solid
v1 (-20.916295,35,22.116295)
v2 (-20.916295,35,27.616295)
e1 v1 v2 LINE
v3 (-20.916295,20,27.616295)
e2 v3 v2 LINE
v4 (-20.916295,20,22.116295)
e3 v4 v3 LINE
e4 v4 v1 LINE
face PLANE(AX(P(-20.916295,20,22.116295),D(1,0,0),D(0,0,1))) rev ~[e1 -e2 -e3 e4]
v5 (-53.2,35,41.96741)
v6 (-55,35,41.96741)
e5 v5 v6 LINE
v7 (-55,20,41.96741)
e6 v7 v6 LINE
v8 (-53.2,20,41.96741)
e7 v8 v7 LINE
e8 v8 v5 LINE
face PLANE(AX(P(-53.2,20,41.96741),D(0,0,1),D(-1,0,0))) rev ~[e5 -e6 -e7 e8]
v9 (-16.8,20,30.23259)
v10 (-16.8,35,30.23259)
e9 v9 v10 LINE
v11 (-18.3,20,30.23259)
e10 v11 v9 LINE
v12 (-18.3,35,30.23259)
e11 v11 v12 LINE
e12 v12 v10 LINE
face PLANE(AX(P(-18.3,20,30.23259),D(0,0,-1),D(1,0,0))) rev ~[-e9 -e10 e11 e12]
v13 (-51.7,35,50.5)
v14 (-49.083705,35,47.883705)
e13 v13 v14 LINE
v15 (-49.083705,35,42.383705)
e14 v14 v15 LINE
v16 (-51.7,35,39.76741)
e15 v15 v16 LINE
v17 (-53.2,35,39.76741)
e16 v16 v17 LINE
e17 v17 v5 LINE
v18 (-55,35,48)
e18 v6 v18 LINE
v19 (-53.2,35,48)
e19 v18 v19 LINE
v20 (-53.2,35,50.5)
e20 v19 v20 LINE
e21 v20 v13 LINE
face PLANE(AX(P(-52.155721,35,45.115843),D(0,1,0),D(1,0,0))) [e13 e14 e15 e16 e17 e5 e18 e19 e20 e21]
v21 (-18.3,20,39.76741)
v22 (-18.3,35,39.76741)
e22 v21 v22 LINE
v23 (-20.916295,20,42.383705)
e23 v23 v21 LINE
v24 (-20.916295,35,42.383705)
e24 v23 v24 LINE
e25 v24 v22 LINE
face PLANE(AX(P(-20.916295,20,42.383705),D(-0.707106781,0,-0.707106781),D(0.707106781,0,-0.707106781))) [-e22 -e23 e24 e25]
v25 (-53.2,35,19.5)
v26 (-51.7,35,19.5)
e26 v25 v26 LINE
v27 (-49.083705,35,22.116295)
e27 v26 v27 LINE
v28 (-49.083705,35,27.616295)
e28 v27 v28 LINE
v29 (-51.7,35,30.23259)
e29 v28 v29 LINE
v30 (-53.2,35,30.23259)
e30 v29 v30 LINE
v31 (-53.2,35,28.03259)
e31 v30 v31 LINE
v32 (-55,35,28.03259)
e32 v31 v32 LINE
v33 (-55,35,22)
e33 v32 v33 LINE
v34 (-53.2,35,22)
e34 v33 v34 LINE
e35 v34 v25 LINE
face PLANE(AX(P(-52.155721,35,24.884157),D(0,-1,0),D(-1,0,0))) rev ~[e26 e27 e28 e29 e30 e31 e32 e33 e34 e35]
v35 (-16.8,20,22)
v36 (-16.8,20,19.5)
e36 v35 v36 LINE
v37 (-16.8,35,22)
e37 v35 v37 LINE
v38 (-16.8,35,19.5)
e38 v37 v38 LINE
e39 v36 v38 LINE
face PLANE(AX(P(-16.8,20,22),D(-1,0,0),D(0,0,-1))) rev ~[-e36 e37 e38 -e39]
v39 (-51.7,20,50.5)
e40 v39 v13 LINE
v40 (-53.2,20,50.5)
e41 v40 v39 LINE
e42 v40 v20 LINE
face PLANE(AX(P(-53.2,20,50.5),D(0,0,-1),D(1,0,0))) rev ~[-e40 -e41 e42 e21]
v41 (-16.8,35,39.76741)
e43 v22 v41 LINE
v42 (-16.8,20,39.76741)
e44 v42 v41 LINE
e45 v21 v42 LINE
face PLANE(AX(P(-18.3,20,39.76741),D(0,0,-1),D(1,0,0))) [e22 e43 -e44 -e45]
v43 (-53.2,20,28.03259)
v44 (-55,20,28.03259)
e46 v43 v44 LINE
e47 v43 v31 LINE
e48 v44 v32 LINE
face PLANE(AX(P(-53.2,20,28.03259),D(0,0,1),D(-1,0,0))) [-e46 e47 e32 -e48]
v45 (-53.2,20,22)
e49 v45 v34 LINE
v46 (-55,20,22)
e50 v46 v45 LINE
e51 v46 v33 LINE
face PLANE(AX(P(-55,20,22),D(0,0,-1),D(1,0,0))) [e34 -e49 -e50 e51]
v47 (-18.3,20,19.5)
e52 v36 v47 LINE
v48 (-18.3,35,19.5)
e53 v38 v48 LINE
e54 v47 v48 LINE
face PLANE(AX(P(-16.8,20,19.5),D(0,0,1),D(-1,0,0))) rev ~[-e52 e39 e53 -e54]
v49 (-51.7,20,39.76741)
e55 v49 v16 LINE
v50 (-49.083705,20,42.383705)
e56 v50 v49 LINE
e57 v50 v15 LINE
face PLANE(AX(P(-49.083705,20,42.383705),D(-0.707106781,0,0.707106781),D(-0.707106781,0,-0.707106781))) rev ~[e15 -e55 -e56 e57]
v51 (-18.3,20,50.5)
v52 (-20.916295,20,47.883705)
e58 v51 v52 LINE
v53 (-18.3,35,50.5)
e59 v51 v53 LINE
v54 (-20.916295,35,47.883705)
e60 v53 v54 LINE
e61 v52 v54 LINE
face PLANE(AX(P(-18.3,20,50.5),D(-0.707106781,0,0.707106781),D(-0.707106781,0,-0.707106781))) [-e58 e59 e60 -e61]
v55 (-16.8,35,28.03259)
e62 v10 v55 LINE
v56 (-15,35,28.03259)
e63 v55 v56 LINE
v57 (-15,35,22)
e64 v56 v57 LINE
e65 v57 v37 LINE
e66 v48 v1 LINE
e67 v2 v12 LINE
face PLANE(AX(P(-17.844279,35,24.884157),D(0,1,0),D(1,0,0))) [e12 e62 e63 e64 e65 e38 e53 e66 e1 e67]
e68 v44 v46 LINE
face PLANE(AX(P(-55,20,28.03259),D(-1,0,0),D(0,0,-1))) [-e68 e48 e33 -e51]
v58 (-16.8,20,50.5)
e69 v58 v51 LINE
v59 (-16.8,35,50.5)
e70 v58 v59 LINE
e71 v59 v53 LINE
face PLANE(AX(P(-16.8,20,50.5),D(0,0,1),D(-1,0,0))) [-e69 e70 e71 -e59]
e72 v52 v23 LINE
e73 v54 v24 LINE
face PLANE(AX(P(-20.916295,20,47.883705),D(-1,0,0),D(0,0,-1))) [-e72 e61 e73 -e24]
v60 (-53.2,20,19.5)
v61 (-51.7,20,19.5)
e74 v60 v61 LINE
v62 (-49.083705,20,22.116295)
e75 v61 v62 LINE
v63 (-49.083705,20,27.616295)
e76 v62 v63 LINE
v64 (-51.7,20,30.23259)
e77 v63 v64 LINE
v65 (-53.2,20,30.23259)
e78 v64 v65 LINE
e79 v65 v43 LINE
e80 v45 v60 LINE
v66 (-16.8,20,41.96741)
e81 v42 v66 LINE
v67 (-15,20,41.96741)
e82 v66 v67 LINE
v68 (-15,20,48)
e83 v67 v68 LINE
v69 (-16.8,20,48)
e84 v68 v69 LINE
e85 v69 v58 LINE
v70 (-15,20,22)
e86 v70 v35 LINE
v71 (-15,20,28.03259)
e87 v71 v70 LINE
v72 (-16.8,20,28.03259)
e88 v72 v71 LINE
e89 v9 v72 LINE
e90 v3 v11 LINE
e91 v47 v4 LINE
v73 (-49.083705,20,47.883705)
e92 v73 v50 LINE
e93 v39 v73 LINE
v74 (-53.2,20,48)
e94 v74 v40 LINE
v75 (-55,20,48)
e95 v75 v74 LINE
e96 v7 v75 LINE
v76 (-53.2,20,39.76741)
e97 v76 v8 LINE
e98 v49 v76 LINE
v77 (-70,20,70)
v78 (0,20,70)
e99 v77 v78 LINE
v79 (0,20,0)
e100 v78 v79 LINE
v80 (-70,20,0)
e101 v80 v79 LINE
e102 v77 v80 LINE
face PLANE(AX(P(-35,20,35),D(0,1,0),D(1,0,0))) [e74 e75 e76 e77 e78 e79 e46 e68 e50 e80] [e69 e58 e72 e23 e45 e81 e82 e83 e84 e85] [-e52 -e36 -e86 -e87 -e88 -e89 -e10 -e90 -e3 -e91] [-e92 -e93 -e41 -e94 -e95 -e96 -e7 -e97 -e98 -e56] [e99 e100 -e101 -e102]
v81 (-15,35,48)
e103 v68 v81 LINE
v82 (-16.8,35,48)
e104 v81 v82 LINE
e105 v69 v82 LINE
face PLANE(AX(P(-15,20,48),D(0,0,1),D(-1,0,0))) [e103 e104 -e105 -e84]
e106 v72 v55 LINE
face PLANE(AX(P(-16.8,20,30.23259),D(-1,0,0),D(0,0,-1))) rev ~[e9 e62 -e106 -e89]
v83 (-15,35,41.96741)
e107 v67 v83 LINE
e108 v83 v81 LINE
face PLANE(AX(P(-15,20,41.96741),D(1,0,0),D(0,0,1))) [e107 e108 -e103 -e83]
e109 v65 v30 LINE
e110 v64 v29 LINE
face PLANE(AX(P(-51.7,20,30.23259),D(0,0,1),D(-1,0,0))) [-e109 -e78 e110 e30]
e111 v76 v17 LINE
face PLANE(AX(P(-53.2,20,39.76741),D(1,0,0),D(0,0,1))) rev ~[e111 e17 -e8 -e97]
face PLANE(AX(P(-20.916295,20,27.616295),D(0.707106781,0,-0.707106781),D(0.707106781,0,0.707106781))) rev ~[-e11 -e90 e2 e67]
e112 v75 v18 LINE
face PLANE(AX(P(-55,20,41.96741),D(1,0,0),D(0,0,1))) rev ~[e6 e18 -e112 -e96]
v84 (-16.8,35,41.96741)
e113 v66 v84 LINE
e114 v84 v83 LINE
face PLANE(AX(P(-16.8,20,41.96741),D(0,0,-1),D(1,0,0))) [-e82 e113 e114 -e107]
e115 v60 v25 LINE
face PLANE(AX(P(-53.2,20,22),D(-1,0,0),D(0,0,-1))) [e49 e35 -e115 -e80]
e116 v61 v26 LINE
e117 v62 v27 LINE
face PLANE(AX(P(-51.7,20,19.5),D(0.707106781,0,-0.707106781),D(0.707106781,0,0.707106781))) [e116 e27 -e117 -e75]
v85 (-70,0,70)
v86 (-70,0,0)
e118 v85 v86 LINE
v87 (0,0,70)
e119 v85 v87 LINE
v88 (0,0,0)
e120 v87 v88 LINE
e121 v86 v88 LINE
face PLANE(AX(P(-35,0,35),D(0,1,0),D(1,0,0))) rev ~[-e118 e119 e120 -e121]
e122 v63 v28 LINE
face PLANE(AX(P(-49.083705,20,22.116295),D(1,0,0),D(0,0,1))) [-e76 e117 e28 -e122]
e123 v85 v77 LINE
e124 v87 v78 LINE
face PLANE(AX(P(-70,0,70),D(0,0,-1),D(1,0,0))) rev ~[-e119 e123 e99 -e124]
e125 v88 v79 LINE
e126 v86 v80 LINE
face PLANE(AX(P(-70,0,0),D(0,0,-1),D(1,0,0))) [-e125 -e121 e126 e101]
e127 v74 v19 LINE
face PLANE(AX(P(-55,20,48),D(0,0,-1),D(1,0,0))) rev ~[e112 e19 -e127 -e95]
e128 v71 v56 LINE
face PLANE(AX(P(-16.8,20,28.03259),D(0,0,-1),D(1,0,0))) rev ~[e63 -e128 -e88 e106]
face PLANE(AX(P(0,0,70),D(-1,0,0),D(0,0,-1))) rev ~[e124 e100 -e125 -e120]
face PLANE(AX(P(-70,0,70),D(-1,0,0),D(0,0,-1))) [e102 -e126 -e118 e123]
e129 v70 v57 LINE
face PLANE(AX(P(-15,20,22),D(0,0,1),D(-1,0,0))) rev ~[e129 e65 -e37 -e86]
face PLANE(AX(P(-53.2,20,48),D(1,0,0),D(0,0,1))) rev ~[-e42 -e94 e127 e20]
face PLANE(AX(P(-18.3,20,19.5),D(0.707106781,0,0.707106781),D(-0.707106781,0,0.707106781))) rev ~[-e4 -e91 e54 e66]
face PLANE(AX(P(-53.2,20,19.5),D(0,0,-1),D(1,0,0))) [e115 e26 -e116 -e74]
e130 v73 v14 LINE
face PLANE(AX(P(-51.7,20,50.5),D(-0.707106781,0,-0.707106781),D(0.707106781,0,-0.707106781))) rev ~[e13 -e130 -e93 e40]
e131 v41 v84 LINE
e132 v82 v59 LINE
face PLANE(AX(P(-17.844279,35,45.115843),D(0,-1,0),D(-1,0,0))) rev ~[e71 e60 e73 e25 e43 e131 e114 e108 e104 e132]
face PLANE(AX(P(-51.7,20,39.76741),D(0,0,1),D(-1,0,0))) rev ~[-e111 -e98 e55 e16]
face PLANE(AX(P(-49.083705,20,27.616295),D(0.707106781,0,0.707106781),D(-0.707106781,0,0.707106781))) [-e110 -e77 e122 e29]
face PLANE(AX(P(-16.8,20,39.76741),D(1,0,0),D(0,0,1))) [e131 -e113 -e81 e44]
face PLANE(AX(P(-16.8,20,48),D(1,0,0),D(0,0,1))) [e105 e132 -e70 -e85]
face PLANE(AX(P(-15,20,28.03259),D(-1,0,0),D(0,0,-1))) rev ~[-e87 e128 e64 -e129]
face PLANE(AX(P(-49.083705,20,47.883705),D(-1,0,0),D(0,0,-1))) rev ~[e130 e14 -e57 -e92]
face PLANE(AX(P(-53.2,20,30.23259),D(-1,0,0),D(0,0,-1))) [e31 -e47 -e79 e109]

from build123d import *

# Parameters (mm, degrees)
SKETCH1_W           = 70
SKETCH1_H           = 70
BOSS_EXTRUDE1_DEPTH = 20
BOSS_EXTRUDE3_DEPTH = 15


with BuildPart() as part:
    # Sketch1 → Boss-Extrude1 (new body)
    with BuildSketch(Plane(origin=(0, 0, 0), x_dir=(1, 0, 0), z_dir=(0, 1, 0))):
        with Locations((-35, -35)):
            Rectangle(SKETCH1_W, SKETCH1_H)
    extrude(amount=BOSS_EXTRUDE1_DEPTH)

    # Sketch2 → Boss-Extrude3 (add)
    with BuildSketch(Plane(origin=(0, 20, 0), x_dir=(1, 0, 0), z_dir=(0, 1, 0))):
        Polygon((-55, -22), (-53.2, -22), (-53.2, -19.5), (-51.7, -19.5), (-49.08370491, -22.11629509), (-49.08370491, -27.61629509), (-51.7, -30.232590181), (-53.2, -30.232590181), (-53.2, -28.032590181), (-55, -28.032590181), align=None)
        Polygon((-16.8, -28.032590181), (-15, -28.032590181), (-15, -22), (-16.8, -22), (-16.8, -19.5), (-18.3, -19.5), (-20.91629509, -22.11629509), (-20.91629509, -27.61629509), (-18.3, -30.232590181), (-16.8, -30.232590181), align=None)
        Polygon((-53.2, -41.967409819), (-55, -41.967409819), (-55, -48), (-53.2, -48), (-53.2, -50.5), (-51.7, -50.5), (-49.08370491, -47.88370491), (-49.08370491, -42.38370491), (-51.7, -39.767409819), (-53.2, -39.767409819), align=None)
        Polygon((-16.8, -39.767409819), (-16.8, -41.967409819), (-15, -41.967409819), (-15, -48), (-16.8, -48), (-16.8, -50.5), (-18.3, -50.5), (-20.91629509, -47.88370491), (-20.91629509, -42.38370491), (-18.3, -39.767409819), align=None)
    extrude(amount=BOSS_EXTRUDE3_DEPTH)


solid = part.part
